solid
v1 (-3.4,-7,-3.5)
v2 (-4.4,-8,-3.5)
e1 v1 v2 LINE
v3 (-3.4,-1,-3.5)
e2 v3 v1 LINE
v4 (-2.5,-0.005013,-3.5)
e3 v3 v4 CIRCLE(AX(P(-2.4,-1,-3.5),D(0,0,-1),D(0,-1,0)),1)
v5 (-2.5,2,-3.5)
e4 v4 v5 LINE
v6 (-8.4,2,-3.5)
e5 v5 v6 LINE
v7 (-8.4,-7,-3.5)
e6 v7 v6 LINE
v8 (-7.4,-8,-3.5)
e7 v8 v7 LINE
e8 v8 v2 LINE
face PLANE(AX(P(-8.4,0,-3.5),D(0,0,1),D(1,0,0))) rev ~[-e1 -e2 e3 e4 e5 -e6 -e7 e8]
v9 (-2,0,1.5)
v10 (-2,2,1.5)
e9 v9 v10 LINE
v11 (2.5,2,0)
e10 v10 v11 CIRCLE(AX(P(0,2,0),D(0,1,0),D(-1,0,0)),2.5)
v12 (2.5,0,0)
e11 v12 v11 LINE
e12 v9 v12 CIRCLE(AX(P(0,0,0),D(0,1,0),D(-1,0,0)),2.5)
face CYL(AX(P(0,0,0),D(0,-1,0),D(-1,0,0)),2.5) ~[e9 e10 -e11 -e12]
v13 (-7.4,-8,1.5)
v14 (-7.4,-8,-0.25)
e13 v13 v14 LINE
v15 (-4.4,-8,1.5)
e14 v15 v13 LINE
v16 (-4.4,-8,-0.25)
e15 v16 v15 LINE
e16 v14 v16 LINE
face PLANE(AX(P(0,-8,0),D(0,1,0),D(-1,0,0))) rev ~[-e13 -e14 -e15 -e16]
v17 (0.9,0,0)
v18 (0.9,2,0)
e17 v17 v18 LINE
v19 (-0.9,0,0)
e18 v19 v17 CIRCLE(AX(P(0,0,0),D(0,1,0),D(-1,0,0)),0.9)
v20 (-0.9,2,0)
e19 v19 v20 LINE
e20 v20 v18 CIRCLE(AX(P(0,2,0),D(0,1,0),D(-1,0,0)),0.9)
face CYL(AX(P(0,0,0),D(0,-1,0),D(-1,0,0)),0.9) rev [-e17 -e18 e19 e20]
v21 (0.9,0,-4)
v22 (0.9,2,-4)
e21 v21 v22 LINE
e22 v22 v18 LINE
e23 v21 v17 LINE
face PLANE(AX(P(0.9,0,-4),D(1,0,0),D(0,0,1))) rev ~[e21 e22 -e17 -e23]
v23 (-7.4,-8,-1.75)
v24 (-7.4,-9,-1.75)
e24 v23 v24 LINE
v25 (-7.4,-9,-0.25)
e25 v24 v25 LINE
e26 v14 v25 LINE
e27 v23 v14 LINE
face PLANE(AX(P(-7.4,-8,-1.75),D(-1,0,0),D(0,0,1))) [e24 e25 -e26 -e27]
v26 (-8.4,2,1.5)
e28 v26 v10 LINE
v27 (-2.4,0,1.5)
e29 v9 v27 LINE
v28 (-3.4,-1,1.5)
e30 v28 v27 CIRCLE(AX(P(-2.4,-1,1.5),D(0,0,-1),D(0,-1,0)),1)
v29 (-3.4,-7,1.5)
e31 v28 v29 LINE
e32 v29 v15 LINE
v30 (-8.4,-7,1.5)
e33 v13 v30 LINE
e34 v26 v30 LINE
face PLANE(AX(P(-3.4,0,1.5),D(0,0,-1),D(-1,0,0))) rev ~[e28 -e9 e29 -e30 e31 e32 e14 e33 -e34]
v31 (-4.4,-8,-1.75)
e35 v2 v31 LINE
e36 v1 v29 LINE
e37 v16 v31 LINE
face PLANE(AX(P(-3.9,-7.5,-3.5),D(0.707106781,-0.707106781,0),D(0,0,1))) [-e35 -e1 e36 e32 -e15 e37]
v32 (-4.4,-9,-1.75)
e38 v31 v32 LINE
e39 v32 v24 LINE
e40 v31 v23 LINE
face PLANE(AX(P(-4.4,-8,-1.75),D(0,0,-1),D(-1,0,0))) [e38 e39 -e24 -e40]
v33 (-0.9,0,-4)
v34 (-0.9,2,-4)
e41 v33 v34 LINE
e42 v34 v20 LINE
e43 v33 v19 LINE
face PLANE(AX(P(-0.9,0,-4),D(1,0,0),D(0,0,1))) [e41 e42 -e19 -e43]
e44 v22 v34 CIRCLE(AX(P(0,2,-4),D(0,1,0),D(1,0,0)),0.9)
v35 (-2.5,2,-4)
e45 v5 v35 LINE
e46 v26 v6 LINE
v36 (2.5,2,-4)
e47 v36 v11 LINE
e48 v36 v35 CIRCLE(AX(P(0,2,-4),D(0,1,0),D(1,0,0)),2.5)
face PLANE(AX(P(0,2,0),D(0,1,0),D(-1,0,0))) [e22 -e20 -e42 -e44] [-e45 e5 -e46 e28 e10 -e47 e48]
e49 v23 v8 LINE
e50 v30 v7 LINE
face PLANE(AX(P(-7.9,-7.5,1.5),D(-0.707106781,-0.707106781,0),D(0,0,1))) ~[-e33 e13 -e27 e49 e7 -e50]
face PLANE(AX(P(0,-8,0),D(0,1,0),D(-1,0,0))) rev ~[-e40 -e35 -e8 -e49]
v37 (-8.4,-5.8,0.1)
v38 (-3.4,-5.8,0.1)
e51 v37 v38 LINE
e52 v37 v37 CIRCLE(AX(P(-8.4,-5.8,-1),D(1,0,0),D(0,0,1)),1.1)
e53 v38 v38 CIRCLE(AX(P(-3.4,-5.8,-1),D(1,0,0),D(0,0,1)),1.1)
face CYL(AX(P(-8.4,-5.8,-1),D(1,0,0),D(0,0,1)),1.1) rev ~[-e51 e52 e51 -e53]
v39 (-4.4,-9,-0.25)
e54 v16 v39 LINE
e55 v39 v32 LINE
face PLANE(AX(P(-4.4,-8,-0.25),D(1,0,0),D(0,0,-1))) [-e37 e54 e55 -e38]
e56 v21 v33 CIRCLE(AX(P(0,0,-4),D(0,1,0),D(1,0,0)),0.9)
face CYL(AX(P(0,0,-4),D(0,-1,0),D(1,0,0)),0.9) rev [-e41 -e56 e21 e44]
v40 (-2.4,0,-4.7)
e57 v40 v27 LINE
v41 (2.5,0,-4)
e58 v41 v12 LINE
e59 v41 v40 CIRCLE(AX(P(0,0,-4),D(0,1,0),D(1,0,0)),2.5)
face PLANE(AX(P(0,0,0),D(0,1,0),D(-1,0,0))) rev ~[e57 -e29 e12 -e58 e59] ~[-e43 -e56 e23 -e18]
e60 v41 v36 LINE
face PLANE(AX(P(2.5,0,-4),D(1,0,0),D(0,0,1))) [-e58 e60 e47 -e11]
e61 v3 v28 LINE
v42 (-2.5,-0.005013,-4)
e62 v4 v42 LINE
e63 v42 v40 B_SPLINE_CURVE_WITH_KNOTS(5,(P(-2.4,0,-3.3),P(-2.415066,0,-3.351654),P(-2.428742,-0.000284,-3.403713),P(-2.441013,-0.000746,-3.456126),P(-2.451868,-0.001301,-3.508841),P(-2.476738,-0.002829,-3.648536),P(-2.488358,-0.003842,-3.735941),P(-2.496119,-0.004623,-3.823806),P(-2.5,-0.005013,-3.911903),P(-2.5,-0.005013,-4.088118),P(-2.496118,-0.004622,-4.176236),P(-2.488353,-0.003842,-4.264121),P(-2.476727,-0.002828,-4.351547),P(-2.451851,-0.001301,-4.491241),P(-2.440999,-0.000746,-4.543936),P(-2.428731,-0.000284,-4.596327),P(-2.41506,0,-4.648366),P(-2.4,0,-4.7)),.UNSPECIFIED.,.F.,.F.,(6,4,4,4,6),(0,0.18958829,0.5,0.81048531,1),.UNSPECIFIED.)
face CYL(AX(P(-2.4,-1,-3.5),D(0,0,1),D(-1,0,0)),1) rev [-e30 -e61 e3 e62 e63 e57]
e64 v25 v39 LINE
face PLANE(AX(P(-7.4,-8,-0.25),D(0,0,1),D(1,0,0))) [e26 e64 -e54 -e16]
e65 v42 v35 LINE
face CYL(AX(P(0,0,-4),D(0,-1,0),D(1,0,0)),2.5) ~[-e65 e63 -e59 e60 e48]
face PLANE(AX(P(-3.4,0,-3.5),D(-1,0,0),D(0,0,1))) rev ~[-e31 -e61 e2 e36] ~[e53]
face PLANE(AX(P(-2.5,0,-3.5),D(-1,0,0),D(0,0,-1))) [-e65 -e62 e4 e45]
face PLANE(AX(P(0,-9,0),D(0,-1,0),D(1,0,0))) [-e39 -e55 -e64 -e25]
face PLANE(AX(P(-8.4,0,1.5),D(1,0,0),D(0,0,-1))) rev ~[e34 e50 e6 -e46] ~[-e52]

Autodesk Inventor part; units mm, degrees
ref_plane "YZ Plane" through (0, 0, 0) normal (1, 0, 0) x (0, 1, 0)
ref_plane "XZ Plane" through (0, 0, 0) normal (0, 1, 0) x (-1, 0, 0)
sketch "スケッチ1" plane through (0, 0, 0) normal (0, 1, 0) x (-1, 0, 0)
  arc A0 (0.9, 0) -> (-0.9, 0) centre (0, 0) ccw
  arc A1 (-0.9, -4) -> (0.9, -4) centre (0, -4) ccw
  line L0 (0, 0) -> (0, -4) construction
  line L1 (-0.9, -4) -> (-0.9, 0)
  line L2 (0.9, -4) -> (0.9, 0)
  arc A2 (-2.5, -4) -> (2.5, -4) centre (0, -4) ccw
  line L3 (-2.5, -4) -> (-2.5, 0)
  arc A3 (2.5, 0) -> (-2.5, 0) centre (0, 0) ccw
  line L4 (2.5, 0) -> (2.5, -4)
  line L5 (8.4, -3.5) -> (2.5, -3.5)
  line L6 (2, 1.5) -> (8.4, 1.5)
  line L7 (8.4, 1.5) -> (8.4, -3.5)
  line L8 (8.4, -3.5) -> (3.4, -3.5)
  line L9 (3.4, -3.5) -> (3.4, 1.5)
  line L10 (3.4, 1.5) -> (8.4, 1.5)
  line L11 (8.4, 1.5) -> (8.4, -3.5)
  point P0 (2.5, -2.5)
  point P1 (-2.5, -2.5)
  point P2 (1.2097, 2.1879)
  point P3 (5.9, -3.5)
  point P4 (5.9, -3.5)
  point P5 (3.4, -3.5)
  point P6 (0, 2.5)
  dimension "d0" = 1.8
  dimension "d1" = 4
  dimension "d2" = 1.6
  dimension "d6" = 5
  dimension "d27" = 5.9
  dimension "d28" = 5
  dimension "d46" = 1
extrude "押し出し1" add sketch "スケッチ1" along normal blind 2
extrude "押し出し4" add sketch "スケッチ1" against normal blind 8 contours L9 L6 L7 L5
sketch "スケッチ5" plane through (-8.4, 2, -3.5) normal (-1, 0, 0) x (0, 0, 1)
  line L0 (5, -10) -> (0, -10) projected
  point P0 (3.5, -2)
  point P1 (2.5, -7.8)
  point P2 (2.5, -10)
  dimension "d31" = 2.2
hole "穴2" at (-8.4, -5.8, -1) direction (1, 0, 0) diameter 2.2 end through all
fillet "フィレット2" radius 1 1 edges at (-3.4, 0, -1)
ref_plane "作業平面2" through (0, 0, 0) normal (1, 0, 0) x (0, 0, -1)
chamfer "面取り1" distance 1 angle 45 2 edges at (-8.4, -8, -1) (-3.4, -8, -1)
sketch "スケッチ6" plane through (0, -8, 0) normal (0, -1, 0) x (1, 0, 0)
  line L0 (-4.4, 1.5) -> (-4.4, -3.5) projected
  line L1 (-7.4, -3.5) -> (-7.4, 1.5) projected
  line L2 (-7.4, -0.25) -> (-4.4, -0.25)
  line L3 (-4.4, -0.25) -> (-4.4, -1.75)
  line L4 (-4.4, -1.75) -> (-7.4, -1.75)
  line L5 (-7.4, -1.75) -> (-7.4, -0.25)
  point P0 (0, 0)
  point P1 (-7.4, -1)
  point P2 (-7.4, -1.75)
  point P3 (-4.4, -0.25)
  dimension "d43" = 1.5
extrude "押し出し5" add sketch "スケッチ6" along normal blind 1
properties part number "om_Drop" material "ABS プラスチック"
